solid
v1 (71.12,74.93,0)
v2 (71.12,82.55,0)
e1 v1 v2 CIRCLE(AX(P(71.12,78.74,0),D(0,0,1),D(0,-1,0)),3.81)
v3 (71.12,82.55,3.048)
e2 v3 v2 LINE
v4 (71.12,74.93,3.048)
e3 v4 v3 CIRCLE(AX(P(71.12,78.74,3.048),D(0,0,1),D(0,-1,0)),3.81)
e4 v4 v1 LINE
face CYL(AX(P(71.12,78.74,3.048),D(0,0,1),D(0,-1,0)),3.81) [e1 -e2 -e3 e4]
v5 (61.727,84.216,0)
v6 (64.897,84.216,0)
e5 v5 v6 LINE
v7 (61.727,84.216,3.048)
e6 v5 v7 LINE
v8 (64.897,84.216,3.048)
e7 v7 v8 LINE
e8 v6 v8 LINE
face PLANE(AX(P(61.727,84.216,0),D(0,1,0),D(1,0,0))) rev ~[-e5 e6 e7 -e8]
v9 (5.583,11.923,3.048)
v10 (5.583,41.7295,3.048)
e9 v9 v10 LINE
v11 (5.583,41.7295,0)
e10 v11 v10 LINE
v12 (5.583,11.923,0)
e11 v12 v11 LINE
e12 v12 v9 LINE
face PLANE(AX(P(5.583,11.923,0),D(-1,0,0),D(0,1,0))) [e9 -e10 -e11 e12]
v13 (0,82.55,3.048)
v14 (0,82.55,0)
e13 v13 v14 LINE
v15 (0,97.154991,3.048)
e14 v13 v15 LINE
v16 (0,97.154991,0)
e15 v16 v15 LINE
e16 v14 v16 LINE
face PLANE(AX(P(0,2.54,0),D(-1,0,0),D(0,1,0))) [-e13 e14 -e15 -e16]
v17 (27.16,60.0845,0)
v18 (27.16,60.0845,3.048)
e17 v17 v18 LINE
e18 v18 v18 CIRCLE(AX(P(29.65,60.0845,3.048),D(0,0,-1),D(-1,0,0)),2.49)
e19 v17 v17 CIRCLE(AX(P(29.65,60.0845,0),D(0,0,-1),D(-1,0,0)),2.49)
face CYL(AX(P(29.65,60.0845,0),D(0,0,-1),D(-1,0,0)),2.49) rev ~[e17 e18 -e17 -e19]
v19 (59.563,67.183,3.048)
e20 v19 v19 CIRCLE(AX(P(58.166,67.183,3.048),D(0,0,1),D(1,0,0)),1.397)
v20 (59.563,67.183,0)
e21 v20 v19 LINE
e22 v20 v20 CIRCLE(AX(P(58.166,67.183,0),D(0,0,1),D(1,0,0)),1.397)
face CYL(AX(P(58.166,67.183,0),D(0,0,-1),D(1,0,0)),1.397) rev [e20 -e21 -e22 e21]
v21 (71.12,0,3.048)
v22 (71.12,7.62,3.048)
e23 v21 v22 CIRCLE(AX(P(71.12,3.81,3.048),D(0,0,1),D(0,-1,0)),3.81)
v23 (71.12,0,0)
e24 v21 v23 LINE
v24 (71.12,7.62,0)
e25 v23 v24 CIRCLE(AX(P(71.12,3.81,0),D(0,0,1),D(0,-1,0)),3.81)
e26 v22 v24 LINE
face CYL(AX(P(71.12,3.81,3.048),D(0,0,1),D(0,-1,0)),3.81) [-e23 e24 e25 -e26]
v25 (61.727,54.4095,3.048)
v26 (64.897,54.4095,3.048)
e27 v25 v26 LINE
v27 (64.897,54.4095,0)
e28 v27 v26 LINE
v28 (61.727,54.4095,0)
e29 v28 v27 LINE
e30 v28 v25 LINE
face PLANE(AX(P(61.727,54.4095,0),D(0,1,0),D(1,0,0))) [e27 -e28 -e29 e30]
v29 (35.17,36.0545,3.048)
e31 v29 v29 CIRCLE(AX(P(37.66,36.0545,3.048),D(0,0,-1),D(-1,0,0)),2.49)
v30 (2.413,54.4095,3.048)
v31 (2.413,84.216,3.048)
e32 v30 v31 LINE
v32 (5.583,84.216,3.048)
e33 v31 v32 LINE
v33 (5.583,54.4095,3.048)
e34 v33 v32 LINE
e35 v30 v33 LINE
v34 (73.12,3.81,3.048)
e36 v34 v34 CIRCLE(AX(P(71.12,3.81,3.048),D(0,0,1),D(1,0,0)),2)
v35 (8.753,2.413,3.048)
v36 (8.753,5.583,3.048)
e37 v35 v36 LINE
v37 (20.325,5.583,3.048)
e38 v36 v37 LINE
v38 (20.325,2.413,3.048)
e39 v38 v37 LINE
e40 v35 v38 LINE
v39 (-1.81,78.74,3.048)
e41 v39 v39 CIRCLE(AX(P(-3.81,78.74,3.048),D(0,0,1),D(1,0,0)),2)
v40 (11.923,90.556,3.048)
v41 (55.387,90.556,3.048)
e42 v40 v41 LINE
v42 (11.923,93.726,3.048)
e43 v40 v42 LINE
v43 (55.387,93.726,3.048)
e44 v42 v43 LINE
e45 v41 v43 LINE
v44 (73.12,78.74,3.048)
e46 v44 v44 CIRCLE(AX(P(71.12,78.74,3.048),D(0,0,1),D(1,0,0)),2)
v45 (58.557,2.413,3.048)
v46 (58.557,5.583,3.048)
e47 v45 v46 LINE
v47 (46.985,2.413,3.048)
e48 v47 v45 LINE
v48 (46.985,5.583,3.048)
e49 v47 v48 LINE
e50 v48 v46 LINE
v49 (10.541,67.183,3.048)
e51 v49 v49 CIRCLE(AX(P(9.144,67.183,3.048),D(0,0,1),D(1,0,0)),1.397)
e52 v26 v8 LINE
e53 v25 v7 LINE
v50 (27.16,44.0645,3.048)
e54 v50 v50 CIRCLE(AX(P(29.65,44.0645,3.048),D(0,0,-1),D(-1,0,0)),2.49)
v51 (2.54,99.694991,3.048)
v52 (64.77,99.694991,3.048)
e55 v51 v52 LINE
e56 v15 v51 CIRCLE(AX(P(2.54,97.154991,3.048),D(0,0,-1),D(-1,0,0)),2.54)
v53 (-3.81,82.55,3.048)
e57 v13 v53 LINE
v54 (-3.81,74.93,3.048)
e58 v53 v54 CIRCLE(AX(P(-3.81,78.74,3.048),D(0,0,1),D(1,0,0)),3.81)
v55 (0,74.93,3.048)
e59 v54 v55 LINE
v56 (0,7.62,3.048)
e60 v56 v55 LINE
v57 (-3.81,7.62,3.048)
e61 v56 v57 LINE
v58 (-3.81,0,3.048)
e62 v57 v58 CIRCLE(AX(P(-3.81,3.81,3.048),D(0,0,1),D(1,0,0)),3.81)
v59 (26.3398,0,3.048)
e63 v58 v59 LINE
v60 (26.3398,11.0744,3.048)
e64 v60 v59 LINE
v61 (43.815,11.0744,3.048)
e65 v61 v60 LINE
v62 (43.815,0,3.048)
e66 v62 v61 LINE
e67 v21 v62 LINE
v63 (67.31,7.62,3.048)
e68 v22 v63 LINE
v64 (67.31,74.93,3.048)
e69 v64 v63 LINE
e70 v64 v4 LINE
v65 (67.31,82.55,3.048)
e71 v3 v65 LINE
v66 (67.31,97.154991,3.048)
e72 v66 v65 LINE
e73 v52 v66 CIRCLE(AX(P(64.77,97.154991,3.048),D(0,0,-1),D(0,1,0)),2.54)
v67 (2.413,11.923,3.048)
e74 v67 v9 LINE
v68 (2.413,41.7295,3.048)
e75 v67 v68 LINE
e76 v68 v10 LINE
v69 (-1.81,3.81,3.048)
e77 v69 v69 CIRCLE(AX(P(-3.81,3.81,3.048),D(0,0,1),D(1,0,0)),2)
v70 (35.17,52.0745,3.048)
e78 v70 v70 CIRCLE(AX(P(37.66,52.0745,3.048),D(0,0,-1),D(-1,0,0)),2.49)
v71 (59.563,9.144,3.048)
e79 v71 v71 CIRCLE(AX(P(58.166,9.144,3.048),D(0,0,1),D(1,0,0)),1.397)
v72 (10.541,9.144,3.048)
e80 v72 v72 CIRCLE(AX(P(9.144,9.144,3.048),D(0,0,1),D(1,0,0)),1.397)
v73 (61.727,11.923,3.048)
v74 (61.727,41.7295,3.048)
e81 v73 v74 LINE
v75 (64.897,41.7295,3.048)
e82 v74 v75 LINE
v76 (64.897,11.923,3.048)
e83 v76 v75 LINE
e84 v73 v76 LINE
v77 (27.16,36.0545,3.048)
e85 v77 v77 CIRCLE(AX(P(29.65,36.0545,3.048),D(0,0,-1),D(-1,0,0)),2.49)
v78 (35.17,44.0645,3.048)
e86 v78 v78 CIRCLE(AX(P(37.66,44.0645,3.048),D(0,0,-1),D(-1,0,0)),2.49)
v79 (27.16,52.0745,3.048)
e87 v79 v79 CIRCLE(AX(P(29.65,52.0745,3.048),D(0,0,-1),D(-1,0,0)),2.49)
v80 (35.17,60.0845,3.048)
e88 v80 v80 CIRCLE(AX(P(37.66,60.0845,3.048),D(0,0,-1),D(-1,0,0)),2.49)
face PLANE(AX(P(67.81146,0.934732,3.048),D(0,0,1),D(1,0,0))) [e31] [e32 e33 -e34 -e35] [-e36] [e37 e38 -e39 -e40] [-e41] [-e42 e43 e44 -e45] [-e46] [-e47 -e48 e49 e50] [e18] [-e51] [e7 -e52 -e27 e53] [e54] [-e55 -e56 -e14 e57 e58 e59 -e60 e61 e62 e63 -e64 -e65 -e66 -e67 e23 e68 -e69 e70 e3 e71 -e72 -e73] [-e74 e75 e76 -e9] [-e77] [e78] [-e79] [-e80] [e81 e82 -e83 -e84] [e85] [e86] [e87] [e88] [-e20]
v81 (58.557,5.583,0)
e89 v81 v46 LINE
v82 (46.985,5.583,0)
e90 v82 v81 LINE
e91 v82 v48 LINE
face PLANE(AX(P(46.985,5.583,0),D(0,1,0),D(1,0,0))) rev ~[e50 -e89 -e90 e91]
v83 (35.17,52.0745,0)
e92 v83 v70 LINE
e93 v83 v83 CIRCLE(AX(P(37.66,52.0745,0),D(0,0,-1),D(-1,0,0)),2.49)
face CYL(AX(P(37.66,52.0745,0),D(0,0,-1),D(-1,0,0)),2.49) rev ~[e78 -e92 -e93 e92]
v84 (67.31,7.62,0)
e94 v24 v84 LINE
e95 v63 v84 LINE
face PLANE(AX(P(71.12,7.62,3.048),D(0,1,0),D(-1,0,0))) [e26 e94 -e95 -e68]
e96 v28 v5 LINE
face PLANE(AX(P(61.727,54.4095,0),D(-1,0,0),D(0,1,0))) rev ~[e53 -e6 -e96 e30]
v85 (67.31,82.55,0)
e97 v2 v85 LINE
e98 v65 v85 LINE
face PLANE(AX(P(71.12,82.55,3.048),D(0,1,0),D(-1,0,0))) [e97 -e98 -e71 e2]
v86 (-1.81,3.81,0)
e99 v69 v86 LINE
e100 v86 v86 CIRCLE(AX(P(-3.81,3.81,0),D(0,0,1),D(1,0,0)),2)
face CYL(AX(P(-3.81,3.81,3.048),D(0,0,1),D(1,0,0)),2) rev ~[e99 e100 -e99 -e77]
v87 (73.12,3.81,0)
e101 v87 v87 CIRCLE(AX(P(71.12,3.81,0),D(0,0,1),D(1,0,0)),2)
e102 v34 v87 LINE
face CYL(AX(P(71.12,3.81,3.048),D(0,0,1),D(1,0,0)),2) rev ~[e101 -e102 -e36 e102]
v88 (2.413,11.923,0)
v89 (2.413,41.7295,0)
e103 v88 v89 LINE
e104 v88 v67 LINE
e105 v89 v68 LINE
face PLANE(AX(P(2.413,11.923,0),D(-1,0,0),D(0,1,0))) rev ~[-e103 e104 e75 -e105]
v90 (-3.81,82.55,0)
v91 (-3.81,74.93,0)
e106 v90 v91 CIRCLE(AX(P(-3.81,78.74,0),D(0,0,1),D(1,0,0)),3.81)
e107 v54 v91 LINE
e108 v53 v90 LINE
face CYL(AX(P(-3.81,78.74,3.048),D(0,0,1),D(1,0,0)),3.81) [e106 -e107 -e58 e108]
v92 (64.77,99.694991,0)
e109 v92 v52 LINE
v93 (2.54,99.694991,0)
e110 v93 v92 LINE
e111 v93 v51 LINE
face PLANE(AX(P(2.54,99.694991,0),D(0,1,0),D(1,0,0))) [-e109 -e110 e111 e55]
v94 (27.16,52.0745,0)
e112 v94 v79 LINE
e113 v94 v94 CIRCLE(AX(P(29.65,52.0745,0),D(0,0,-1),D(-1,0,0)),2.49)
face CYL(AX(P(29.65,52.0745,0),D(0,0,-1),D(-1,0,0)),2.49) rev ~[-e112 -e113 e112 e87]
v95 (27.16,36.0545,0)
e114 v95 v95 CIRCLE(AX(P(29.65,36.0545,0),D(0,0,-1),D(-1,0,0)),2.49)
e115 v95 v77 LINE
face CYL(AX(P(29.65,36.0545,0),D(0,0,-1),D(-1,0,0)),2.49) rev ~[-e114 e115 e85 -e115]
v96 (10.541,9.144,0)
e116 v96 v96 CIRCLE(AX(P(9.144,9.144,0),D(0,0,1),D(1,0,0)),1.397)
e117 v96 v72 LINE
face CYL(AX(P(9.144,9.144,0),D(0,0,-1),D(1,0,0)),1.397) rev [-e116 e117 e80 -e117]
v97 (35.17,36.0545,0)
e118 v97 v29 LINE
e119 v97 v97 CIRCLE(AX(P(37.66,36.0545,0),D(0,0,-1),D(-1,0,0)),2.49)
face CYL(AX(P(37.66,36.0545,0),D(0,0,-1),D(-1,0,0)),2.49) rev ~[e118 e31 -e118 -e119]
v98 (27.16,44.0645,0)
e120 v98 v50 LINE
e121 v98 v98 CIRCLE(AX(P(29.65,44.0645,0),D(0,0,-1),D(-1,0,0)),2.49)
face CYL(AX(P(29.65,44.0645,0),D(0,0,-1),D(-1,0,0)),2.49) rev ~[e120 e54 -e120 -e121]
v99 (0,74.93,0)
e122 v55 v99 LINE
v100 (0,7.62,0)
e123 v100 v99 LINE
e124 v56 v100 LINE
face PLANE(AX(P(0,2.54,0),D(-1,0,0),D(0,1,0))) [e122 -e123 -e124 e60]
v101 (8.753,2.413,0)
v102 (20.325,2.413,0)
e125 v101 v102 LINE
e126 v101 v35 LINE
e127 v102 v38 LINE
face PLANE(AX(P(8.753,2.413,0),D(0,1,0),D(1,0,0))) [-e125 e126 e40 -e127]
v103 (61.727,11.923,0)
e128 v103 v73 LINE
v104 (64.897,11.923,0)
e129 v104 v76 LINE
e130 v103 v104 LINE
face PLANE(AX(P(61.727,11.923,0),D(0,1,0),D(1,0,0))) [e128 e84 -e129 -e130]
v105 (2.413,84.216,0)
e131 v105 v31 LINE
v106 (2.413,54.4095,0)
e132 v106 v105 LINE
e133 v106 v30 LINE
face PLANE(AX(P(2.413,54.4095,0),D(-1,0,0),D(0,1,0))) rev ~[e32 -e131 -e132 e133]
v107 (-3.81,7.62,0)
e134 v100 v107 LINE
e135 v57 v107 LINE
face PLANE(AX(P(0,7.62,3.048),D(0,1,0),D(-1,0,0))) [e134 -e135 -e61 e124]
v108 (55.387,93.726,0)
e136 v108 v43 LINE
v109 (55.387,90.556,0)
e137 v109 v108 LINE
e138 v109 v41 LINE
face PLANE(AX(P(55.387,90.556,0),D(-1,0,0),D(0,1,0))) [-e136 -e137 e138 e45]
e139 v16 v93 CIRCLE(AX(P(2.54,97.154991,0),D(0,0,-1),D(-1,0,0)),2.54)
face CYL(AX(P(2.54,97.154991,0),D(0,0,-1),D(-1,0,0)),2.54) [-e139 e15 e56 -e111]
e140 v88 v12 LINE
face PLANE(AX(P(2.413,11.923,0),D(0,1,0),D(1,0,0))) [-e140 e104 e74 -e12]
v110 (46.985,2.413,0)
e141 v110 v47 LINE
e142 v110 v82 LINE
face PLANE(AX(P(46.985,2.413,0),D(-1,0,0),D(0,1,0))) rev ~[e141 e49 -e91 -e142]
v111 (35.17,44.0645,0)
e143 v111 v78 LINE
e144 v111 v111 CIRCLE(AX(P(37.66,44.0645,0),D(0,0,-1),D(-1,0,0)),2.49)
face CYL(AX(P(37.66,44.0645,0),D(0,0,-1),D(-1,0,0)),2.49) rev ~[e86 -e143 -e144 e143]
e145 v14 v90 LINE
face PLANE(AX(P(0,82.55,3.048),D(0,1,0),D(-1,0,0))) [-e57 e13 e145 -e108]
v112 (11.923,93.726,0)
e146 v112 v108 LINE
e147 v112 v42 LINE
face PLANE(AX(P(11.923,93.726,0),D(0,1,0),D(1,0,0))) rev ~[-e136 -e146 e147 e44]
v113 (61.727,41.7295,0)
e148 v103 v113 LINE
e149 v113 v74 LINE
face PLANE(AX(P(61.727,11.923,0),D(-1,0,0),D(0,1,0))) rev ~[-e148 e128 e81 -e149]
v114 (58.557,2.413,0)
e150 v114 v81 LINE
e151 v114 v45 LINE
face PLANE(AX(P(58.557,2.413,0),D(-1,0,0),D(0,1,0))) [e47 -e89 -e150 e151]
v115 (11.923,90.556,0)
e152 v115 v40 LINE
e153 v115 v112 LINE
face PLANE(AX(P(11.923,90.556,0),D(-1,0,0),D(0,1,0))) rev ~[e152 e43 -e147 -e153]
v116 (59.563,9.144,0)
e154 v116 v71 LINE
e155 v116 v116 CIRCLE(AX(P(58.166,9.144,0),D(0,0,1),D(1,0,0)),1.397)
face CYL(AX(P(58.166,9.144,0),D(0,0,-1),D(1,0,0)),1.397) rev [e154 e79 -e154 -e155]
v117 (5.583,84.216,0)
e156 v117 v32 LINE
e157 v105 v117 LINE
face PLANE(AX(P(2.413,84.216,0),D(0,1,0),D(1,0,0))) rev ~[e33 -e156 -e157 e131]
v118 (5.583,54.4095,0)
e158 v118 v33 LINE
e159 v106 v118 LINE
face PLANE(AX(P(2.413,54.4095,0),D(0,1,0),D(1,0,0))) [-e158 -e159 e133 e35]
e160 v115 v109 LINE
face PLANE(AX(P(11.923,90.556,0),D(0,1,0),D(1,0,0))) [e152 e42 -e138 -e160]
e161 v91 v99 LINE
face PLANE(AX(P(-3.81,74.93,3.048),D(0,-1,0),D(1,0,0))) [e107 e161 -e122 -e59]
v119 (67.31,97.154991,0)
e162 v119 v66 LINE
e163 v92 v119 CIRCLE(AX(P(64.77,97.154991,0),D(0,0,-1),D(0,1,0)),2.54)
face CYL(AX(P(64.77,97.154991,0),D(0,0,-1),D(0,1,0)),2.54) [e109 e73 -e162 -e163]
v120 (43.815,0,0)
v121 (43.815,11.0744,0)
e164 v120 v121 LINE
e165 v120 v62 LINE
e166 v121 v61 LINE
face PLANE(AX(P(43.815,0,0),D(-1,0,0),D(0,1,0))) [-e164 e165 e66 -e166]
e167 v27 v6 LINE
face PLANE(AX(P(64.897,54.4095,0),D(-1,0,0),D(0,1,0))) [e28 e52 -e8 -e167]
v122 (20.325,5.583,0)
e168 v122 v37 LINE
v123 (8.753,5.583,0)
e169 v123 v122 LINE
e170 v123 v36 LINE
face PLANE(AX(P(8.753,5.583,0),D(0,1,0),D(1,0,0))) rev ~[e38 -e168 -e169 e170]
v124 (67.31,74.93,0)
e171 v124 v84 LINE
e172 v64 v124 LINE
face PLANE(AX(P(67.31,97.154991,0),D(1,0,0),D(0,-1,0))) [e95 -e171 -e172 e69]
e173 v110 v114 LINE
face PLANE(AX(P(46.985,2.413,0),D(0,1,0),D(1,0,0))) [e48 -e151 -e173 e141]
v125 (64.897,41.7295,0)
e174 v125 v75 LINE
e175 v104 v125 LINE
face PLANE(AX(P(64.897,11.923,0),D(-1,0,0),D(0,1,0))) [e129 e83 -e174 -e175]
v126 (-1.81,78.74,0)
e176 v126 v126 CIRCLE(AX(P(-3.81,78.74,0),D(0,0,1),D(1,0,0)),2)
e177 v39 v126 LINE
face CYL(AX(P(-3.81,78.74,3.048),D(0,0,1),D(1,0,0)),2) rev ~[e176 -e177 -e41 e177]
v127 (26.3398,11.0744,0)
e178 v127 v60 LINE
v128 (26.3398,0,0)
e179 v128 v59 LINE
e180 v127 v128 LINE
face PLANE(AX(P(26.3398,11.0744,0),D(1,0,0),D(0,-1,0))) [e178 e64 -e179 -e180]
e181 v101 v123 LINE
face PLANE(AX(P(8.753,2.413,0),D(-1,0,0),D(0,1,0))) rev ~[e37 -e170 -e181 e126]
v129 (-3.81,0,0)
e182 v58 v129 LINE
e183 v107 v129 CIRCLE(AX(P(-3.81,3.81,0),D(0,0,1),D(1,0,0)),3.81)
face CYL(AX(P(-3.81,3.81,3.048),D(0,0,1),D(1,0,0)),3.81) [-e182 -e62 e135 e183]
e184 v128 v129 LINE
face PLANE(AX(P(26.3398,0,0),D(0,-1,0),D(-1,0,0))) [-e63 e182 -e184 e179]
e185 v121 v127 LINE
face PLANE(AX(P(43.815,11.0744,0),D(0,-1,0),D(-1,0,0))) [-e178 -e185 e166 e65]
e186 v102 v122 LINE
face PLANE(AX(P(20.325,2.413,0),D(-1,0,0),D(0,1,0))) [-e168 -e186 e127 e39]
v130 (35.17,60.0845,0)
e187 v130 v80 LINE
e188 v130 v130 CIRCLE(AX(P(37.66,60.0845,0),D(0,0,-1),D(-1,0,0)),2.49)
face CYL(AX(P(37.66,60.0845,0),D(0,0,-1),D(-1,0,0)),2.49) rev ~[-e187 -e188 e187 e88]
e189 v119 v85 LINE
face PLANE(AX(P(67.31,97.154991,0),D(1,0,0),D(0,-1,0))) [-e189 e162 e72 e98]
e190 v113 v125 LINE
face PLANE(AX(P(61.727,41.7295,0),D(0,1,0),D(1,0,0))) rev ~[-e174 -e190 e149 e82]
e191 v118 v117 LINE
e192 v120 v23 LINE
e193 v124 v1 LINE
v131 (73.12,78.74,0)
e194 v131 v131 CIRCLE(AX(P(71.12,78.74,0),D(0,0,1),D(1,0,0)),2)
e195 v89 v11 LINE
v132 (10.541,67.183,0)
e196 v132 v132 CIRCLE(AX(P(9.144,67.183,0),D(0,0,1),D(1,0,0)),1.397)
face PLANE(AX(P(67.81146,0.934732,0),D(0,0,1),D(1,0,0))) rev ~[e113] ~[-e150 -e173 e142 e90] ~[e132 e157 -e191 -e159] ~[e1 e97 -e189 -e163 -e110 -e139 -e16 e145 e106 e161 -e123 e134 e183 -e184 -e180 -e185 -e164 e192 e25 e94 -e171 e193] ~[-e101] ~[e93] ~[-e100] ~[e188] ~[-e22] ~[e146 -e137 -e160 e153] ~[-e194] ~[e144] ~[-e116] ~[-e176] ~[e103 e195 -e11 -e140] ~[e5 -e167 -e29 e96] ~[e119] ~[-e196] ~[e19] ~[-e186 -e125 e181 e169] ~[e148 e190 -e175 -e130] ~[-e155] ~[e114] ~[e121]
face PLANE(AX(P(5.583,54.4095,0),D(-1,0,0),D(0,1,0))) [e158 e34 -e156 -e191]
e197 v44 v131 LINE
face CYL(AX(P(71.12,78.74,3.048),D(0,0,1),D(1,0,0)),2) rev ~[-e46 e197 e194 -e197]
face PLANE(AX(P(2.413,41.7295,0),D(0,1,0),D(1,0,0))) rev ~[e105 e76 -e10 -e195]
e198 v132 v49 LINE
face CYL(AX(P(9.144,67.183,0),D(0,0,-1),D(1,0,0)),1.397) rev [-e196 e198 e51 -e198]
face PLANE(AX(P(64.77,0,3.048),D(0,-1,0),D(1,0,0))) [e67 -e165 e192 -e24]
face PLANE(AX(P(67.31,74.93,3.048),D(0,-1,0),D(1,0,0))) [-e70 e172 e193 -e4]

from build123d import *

# Parameters (mm, degrees)
MODEL_R             = 1.397
MODEL_W             = 11.572
MODEL_H             = 3.17
MODEL_W_2           = 3.17
MODEL_H_2           = 29.8065
MODEL_W_3           = 43.464000078
BOSS_EXTRUDE1_DEPTH = 3.048
SKETCH2_R           = 3.810000039
SKETCH2_R_2         = 2
SKETCH2_R_3         = 3.809999961
BOSS_EXTRUDE2_DEPTH = 3.048
SKETCH3_R           = 2.49
CUT_EXTRUDE1_DEPTH  = 4.048


with BuildPart() as part:
    # Model → Boss-Extrude1 (new body)
    with BuildSketch(Plane.XY):
        with BuildLine():
            Line((26.3398, 0), (2.54, 0))
            ThreePointArc((2.54, 0), (0.743948776, 0.743948776), (0, 2.54))
            Line((0, 2.54), (0, 97.154990539))
            ThreePointArc((0, 97.154990539), (0.743948776, 98.951041763), (2.54, 99.694990539))
            Line((2.54, 99.694990539), (64.77, 99.694990539))
            ThreePointArc((64.77, 99.694990539), (66.566051224, 98.951041763), (67.31, 97.154990539))
            Line((67.31, 97.154990539), (67.31, 2.54))
            ThreePointArc((67.31, 2.54), (66.566051224, 0.743948776), (64.77, 0))
            Line((64.77, 0), (43.815, 0))
            Line((43.815, 0), (43.815, 11.0744))
            Line((43.815, 11.0744), (26.3398, 11.0744))
            Line((26.3398, 11.0744), (26.3398, 0))
        make_face()
        with Locations((9.144, 9.144)):
            Circle(MODEL_R, mode=Mode.SUBTRACT)
        with Locations((58.166, 9.144)):
            Circle(MODEL_R, mode=Mode.SUBTRACT)
        with Locations((9.144, 67.183)):
            Circle(MODEL_R, mode=Mode.SUBTRACT)
        with Locations((58.166, 67.183)):
            Circle(MODEL_R, mode=Mode.SUBTRACT)
        with Locations((52.771, 3.998)):
            Rectangle(MODEL_W, MODEL_H, mode=Mode.SUBTRACT)
        with Locations((63.312, 26.82625)):
            Rectangle(MODEL_W_2, MODEL_H_2, mode=Mode.SUBTRACT)
        with Locations((63.312, 69.31275)):
            Rectangle(MODEL_W_2, MODEL_H_2, mode=Mode.SUBTRACT)
        with Locations((33.654999961, 92.141)):
            Rectangle(MODEL_W_3, MODEL_H, mode=Mode.SUBTRACT)
        with Locations((3.997999922, 69.31275)):
            Rectangle(MODEL_W_2, MODEL_H_2, mode=Mode.SUBTRACT)
        with Locations((3.997999922, 26.82625)):
            Rectangle(MODEL_W_2, MODEL_H_2, mode=Mode.SUBTRACT)
        with Locations((14.538999922, 3.998)):
            Rectangle(MODEL_W, MODEL_H, mode=Mode.SUBTRACT)
    extrude(amount=BOSS_EXTRUDE1_DEPTH)

    # Sketch2 → Boss-Extrude2 (add)
    with BuildSketch(Plane.XY.offset(3.048)):
        with BuildLine():
            Line((-3.810000039, 74.929999922), (0, 74.929999922))
            Line((0, 74.929999922), (0, 78.739999961))
            ThreePointArc((0, 78.739999961), (-1.115923175, 76.045923097), (-3.810000039, 74.929999922))
        make_face()
        with Locations((-3.810000039, 78.739999961)):
            Circle(SKETCH2_R)
        with Locations((-3.810000039, 78.739999961)):
            Circle(SKETCH2_R_2, mode=Mode.SUBTRACT)
        with BuildLine():
            ThreePointArc((-3.810000039, 82.55), (-1.115923175, 81.434076825), (0, 78.739999961))
            Line((0, 78.739999961), (0, 82.55))
            Line((0, 82.55), (-3.810000039, 82.55))
        make_face()
        with BuildLine():
            Line((67.31, 78.739999961), (67.31, 74.929999922))
            Line((67.31, 74.929999922), (71.119999961, 74.929999922))
            ThreePointArc((71.119999961, 74.929999922), (68.425923097, 76.045923097), (67.309999922, 78.739999961))
        make_face()
        with BuildLine():
            Line((67.31, 82.55), (67.31, 78.739999961))
            ThreePointArc((67.309999922, 78.739999961), (68.425923097, 81.434076825), (71.119999961, 82.55))
            Line((71.119999961, 82.55), (67.31, 82.55))
        make_face()
        with BuildLine():
            ThreePointArc((67.31, 2.54), (66.566051224, 0.743948776), (64.77, 0))
            Line((64.77, 0), (71.119999961, 0))
            ThreePointArc((71.119999961, 0), (68.425923152, 1.115923152), (67.31, 3.809999961))
            Line((67.31, 3.809999961), (67.31, 2.54))
        make_face()
        with Locations((71.119999961, 3.809999961)):
            Circle(SKETCH2_R_3)
        with Locations((71.119999961, 3.809999961)):
            Circle(SKETCH2_R_2, mode=Mode.SUBTRACT)
        with BuildLine():
            Line((67.31, 7.619999922), (67.31, 3.809999961))
            ThreePointArc((67.31, 3.809999961), (68.425923152, 6.50407677), (71.119999961, 7.619999922))
            Line((71.119999961, 7.619999922), (67.31, 7.619999922))
        make_face()
        with BuildLine():
            ThreePointArc((-7.8e-08, 3.809999961), (-1.11592323, 1.115923152), (-3.810000039, 0))
            Line((-3.810000039, 0), (2.54, 0))
            ThreePointArc((2.54, 0), (0.743948776, 0.743948776), (0, 2.54))
            Line((0, 2.54), (0, 3.809999961))
        make_face()
        with Locations((-3.810000039, 3.809999961)):
            Circle(SKETCH2_R_3)
        with Locations((-3.810000039, 3.809999961)):
            Circle(SKETCH2_R_2, mode=Mode.SUBTRACT)
        with BuildLine():
            Line((0, 7.619999922), (-3.810000039, 7.619999922))
            ThreePointArc((-3.810000039, 7.619999922), (-1.11592323, 6.50407677), (-7.8e-08, 3.809999961))
            Line((0, 3.809999961), (0, 7.619999922))
        make_face()
        with Locations((71.119999961, 78.739999961)):
            Circle(SKETCH2_R)
        with Locations((71.119999961, 78.739999961)):
            Circle(SKETCH2_R_2, mode=Mode.SUBTRACT)
    extrude(amount=-BOSS_EXTRUDE2_DEPTH)

    # Sketch3 → Cut-Extrude1 (cut, through all)
    with BuildSketch(Plane(origin=(0, 0, 0), x_dir=(-1, 0, 0), z_dir=(0, 0, -1))):
        with Locations((-29.649999961, 60.0845)):
            Circle(SKETCH3_R)
        with Locations((-37.659999961, 60.0845)):
            Circle(SKETCH3_R)
        with Locations((-37.659999961, 52.0745)):
            Circle(SKETCH3_R)
        with Locations((-29.649999961, 52.0745)):
            Circle(SKETCH3_R)
        with Locations((-29.649999961, 44.0645)):
            Circle(SKETCH3_R)
        with Locations((-37.659999961, 44.0645)):
            Circle(SKETCH3_R)
        with Locations((-29.649999961, 36.0545)):
            Circle(SKETCH3_R)
        with Locations((-37.659999961, 36.0545)):
            Circle(SKETCH3_R)
    extrude(amount=-CUT_EXTRUDE1_DEPTH, mode=Mode.SUBTRACT)


solid = part.part
